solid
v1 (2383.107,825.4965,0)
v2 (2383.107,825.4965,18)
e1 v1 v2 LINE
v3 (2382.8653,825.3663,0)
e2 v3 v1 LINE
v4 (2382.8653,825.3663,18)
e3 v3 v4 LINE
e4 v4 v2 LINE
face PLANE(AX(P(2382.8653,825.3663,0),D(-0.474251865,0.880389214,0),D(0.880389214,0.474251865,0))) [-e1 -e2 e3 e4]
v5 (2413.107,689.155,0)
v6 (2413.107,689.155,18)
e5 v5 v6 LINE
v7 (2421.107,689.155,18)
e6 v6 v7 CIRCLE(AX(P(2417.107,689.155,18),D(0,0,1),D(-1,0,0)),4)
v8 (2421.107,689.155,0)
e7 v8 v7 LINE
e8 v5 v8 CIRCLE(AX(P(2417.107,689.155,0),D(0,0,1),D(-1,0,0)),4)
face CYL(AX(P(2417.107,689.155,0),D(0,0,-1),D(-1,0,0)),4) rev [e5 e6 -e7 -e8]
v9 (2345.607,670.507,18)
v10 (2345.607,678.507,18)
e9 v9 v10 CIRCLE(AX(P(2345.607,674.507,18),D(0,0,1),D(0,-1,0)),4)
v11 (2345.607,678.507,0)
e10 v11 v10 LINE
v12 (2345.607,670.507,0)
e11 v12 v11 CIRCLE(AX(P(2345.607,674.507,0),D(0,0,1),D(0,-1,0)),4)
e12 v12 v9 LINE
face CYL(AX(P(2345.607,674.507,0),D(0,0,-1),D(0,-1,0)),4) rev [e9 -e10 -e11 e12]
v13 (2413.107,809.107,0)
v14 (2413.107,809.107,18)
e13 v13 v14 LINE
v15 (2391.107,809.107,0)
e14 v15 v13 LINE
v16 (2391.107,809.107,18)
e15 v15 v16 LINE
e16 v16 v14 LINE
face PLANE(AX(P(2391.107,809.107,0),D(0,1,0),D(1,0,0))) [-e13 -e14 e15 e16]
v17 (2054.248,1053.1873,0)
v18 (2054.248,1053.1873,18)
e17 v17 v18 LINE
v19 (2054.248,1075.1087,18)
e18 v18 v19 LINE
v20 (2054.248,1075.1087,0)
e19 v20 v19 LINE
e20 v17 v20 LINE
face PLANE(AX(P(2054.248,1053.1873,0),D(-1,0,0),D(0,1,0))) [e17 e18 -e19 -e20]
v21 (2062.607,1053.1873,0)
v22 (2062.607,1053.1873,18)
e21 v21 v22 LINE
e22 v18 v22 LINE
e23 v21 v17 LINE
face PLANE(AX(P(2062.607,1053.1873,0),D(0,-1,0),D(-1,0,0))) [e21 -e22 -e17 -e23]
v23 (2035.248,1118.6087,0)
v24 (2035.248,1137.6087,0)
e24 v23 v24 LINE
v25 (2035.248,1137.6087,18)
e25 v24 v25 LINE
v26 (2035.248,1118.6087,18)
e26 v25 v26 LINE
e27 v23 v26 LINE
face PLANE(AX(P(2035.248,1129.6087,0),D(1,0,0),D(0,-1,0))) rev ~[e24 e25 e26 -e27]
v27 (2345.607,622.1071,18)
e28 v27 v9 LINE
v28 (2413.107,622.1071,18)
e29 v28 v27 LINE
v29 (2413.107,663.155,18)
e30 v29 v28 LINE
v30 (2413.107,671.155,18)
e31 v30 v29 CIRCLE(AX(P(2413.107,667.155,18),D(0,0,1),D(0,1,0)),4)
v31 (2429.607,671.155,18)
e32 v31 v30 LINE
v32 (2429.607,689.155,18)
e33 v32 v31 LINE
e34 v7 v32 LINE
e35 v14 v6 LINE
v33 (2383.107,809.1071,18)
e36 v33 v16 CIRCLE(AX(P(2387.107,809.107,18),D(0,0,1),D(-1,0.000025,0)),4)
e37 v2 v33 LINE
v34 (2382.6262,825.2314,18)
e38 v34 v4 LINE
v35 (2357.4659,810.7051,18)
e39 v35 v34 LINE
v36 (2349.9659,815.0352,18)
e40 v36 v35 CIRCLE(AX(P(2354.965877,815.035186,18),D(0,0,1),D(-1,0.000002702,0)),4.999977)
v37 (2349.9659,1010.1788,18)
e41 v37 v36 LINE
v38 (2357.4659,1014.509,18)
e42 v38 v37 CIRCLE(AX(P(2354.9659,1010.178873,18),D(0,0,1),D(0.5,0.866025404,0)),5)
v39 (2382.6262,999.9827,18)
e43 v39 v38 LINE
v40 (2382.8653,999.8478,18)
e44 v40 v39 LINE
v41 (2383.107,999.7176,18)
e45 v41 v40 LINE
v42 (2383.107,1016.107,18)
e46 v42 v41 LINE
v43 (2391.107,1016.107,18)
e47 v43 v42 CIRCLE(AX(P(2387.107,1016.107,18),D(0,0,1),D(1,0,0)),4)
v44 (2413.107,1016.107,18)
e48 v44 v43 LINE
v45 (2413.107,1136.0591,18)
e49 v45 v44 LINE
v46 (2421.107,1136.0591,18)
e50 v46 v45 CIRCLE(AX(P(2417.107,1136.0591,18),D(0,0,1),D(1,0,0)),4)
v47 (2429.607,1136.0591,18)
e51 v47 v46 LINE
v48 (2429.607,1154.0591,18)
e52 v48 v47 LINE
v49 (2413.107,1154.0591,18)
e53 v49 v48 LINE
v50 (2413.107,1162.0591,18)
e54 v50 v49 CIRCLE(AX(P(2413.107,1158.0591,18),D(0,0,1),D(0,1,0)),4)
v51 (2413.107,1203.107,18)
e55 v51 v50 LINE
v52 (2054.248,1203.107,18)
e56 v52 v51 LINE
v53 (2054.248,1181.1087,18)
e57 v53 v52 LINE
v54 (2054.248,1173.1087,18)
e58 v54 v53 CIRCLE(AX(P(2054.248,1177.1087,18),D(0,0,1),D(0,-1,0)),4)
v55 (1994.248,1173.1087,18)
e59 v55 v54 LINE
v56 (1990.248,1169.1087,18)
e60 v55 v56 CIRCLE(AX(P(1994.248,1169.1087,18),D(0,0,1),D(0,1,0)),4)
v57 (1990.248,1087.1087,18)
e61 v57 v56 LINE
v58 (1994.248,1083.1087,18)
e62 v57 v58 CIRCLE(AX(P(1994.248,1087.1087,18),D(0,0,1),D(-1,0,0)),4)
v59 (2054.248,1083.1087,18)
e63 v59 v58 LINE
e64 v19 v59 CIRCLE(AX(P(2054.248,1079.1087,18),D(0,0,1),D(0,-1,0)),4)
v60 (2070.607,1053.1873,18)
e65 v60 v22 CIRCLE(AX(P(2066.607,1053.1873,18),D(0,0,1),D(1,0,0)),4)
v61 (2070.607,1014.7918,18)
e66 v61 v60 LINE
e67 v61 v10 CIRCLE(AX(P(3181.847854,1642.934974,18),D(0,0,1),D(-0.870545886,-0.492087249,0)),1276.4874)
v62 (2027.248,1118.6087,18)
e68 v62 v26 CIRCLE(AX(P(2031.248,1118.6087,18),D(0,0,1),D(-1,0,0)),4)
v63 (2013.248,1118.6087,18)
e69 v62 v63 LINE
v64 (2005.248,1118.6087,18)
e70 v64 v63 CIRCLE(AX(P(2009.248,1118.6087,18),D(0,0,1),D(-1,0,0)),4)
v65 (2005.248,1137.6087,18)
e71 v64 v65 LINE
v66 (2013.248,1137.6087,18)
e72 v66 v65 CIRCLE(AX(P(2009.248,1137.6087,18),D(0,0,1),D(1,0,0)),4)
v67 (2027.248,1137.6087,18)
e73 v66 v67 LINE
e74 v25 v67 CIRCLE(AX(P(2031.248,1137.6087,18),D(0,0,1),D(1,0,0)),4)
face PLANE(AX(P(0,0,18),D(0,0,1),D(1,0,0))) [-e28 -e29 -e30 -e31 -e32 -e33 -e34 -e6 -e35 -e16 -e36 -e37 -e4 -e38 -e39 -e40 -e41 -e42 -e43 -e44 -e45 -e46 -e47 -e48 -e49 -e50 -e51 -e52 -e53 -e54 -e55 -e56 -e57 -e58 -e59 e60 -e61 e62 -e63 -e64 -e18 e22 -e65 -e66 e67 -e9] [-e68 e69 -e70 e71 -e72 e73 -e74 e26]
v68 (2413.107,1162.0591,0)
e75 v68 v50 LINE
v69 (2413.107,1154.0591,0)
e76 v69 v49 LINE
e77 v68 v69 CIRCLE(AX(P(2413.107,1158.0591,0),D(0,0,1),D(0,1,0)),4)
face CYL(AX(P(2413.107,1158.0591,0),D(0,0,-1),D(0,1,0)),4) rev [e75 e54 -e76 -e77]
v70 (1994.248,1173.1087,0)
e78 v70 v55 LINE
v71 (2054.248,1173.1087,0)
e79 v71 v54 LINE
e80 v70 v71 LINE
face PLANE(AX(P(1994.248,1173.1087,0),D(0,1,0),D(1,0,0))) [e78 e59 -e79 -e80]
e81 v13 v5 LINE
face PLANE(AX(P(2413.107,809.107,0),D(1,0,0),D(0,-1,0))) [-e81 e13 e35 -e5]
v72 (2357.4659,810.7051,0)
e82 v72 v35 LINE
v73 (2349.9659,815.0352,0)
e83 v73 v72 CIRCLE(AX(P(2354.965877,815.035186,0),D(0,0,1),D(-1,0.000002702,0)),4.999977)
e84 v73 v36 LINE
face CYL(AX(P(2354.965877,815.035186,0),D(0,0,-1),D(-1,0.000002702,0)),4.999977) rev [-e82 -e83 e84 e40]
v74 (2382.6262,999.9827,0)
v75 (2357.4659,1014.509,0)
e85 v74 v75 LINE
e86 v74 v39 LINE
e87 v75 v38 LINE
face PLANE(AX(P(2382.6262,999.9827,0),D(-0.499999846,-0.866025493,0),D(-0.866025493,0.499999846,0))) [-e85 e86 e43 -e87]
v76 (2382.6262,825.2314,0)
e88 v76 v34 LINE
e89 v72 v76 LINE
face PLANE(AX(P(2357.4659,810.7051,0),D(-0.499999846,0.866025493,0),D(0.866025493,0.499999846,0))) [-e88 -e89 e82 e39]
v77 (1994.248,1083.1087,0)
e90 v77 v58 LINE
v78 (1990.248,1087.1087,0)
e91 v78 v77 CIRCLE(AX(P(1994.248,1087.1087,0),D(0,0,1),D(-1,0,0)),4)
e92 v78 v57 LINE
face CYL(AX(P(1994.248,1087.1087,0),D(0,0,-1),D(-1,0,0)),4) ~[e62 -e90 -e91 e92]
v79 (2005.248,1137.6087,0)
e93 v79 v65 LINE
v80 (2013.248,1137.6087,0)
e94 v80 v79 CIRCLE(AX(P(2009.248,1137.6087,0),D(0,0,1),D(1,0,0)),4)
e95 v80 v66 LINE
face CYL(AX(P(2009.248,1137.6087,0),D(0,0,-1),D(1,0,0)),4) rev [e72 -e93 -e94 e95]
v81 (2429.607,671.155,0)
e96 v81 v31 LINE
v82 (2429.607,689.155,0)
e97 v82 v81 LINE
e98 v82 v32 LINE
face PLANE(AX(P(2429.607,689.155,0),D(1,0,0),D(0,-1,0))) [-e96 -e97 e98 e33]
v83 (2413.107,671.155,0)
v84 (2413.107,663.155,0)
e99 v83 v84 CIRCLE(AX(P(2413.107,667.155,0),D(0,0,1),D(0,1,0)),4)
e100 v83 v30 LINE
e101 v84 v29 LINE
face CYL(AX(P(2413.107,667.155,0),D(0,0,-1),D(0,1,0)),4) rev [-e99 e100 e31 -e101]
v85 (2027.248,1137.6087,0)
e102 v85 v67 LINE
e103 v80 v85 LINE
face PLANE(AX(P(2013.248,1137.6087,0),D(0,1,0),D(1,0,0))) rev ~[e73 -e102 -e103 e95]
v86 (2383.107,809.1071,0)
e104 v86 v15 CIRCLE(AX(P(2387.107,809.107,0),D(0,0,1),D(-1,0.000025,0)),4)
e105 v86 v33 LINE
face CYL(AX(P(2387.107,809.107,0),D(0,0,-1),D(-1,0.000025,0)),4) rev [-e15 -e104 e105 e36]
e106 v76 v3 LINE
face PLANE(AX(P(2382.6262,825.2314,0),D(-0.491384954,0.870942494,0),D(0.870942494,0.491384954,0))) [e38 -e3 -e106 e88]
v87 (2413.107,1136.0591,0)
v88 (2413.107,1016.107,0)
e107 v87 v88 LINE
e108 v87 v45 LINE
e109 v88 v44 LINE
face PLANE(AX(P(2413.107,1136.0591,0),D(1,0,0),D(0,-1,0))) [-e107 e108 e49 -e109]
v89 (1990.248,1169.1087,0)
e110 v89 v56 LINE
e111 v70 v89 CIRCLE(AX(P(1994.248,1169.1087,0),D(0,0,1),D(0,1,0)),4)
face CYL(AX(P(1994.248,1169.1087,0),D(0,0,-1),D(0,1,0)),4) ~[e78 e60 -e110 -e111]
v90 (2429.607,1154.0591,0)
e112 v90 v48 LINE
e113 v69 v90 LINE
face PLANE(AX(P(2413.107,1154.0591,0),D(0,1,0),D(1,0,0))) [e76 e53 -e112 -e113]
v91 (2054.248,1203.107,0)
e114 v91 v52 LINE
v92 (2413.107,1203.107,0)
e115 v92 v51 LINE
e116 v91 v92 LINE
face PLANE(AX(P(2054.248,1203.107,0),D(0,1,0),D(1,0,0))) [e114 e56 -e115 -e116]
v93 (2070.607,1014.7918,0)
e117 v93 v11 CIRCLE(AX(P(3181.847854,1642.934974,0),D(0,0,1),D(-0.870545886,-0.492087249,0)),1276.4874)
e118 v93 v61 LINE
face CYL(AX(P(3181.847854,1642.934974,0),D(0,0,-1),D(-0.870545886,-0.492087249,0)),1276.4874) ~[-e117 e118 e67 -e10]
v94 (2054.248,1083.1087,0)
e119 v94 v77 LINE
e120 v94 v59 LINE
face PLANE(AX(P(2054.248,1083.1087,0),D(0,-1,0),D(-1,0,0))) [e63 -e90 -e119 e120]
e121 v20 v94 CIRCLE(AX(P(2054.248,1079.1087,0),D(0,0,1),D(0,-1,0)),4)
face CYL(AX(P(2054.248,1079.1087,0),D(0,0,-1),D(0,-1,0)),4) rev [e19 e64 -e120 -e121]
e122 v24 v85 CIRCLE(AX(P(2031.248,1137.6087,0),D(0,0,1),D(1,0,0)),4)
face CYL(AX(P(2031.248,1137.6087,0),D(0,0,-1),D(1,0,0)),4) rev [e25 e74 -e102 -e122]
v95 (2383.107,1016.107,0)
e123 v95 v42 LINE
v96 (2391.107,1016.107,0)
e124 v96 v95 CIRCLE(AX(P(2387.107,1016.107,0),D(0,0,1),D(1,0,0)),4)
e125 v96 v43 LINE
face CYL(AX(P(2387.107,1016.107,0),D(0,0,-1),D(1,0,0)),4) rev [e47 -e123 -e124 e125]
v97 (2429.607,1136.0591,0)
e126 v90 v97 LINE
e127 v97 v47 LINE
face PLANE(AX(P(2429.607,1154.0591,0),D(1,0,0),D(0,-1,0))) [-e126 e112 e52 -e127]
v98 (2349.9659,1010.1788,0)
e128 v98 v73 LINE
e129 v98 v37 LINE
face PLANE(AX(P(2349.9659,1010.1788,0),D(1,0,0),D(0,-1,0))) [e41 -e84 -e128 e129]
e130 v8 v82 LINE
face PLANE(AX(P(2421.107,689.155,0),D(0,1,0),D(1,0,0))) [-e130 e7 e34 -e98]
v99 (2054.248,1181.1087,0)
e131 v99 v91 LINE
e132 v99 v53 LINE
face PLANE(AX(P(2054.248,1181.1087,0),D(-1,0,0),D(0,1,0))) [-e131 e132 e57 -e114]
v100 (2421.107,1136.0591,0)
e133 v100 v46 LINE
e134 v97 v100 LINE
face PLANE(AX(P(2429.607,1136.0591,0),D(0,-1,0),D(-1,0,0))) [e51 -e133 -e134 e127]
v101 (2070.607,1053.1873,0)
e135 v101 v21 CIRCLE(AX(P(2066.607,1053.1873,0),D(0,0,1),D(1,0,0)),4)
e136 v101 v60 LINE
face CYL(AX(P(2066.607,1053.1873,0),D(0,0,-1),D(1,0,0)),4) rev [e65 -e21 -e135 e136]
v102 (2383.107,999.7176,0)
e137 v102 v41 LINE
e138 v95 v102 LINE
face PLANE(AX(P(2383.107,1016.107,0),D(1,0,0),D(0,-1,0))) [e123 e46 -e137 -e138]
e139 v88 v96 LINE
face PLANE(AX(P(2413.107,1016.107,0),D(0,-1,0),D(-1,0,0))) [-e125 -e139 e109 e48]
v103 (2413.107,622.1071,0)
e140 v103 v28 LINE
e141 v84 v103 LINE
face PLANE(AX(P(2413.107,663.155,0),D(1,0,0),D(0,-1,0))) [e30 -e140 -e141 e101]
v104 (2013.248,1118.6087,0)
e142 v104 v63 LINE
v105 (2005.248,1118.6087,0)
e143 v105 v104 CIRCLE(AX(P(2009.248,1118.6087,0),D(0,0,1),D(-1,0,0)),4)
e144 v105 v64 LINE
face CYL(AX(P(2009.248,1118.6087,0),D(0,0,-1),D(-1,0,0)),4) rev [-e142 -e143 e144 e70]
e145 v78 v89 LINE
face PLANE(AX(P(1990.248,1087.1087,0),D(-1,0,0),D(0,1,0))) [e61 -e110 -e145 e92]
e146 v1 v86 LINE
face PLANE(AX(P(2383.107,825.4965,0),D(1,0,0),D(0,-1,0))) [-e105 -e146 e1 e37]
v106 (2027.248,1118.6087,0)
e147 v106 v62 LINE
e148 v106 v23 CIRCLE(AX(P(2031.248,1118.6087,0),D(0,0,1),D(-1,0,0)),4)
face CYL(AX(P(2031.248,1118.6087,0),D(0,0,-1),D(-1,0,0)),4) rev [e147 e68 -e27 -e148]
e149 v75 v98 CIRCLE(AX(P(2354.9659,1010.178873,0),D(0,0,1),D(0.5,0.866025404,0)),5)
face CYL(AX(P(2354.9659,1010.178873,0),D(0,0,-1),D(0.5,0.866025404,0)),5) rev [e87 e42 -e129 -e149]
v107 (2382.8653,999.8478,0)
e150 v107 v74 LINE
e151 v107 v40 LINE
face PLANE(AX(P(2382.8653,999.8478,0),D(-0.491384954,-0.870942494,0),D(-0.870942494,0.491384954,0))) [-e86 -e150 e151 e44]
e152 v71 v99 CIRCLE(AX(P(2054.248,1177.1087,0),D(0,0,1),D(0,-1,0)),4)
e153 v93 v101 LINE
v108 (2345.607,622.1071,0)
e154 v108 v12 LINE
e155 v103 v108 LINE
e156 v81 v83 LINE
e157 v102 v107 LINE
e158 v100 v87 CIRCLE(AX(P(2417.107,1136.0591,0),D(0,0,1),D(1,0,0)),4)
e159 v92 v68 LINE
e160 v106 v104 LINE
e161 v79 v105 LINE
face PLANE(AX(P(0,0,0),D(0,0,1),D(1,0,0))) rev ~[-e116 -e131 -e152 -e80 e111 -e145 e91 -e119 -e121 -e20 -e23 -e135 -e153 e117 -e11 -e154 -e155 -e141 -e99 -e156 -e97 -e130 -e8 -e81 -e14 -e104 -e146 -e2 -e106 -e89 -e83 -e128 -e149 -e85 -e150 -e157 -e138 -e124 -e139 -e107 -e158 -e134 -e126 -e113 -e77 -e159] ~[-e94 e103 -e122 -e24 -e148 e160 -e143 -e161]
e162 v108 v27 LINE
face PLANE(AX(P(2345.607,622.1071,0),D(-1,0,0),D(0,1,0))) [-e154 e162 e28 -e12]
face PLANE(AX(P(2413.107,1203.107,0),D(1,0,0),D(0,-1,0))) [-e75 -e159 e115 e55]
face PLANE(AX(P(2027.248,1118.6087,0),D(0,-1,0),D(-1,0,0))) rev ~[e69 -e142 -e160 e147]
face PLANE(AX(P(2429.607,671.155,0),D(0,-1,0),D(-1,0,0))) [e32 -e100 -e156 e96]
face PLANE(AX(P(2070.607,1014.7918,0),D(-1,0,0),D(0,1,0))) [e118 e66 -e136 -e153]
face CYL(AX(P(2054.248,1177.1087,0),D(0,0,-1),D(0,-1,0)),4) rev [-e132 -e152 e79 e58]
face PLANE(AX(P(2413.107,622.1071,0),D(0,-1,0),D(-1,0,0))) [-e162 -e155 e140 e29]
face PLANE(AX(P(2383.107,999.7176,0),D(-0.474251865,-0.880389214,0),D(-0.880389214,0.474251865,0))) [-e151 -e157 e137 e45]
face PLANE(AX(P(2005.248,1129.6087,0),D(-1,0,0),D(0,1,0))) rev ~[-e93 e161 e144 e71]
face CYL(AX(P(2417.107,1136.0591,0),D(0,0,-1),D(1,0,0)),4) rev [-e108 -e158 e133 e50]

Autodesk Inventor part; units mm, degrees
ref_plane "YZ Plane" through (0, 0, 0) normal (1, 0, 0) x (0, 1, 0)
ref_plane "XZ Plane" through (0, 0, 0) normal (0, 1, 0) x (-1, 0, 0)
ref_plane "XY Plane" through (0, 0, 0) normal (0, 0, 1) x (1, 0, 0)
sketch "CONTOURS" plane through (0, 0, 0) normal (0, 0, 1) x (1, 0, 0)
  arc A0 (2413.107, 689.155) -> (2421.107, 689.155) centre (2417.107, 689.155) ccw
  line L0 (2421.107, 689.155) -> (2429.607, 689.155)
  line L1 (2429.607, 689.155) -> (2429.607, 671.155)
  line L2 (2429.607, 671.155) -> (2413.107, 671.155)
  arc A1 (2413.107, 671.155) -> (2413.107, 663.155) centre (2413.107, 667.155) ccw
  line L3 (2413.107, 663.155) -> (2413.107, 622.1071)
  line L4 (2413.107, 622.1071) -> (2345.607, 622.1071)
  line L5 (2345.607, 622.1071) -> (2345.607, 670.507)
  arc A2 (2345.607, 670.507) -> (2345.607, 678.507) centre (2345.607, 674.507) ccw
  arc A3 (2070.607, 1014.7918) -> (2345.607, 678.507) centre (3181.8457, 1642.9335) ccw
  line L6 (2070.607, 1014.7918) -> (2070.607, 1053.1873)
  arc A4 (2070.607, 1053.1873) -> (2062.607, 1053.1873) centre (2066.607, 1053.1873) ccw
  line L7 (2062.607, 1053.1873) -> (2055.607, 1053.1873)
  line L8 (2055.607, 1053.1873) -> (2054.248, 1053.1873)
  line L9 (2054.248, 1053.1873) -> (2054.248, 1075.1087)
  arc A5 (2054.248, 1075.1087) -> (2054.248, 1083.1087) centre (2054.248, 1079.1087) ccw
  line L10 (2054.248, 1083.1087) -> (1994.248, 1083.1087)
  arc A6 (1990.248, 1087.1087) -> (1994.248, 1083.1087) centre (1994.248, 1087.1087) ccw
  line L11 (1990.248, 1087.1087) -> (1990.248, 1169.1087)
  arc A7 (1994.248, 1173.1087) -> (1990.248, 1169.1087) centre (1994.248, 1169.1087) ccw
  line L12 (1994.248, 1173.1087) -> (2054.248, 1173.1087)
  arc A8 (2054.248, 1173.1087) -> (2054.248, 1181.1087) centre (2054.248, 1177.1087) ccw
  line L13 (2054.248, 1181.1087) -> (2054.248, 1203.107)
  line L14 (2054.248, 1203.107) -> (2413.107, 1203.107)
  line L15 (2413.107, 1203.107) -> (2413.107, 1162.0591)
  arc A9 (2413.107, 1162.0591) -> (2413.107, 1154.0591) centre (2413.107, 1158.0591) ccw
  line L16 (2413.107, 1154.0591) -> (2429.607, 1154.0591)
  line L17 (2429.607, 1154.0591) -> (2429.607, 1136.0591)
  line L18 (2429.607, 1136.0591) -> (2421.107, 1136.0591)
  arc A10 (2421.107, 1136.0591) -> (2413.107, 1136.0591) centre (2417.107, 1136.0591) ccw
  line L19 (2413.107, 1136.0591) -> (2413.107, 1016.107)
  line L20 (2413.107, 1016.107) -> (2391.107, 1016.107)
  arc A11 (2391.107, 1016.107) -> (2383.107, 1016.107) centre (2387.107, 1016.107) ccw
  line L21 (2383.107, 1016.107) -> (2383.107, 999.7176)
  line L22 (2383.107, 999.7176) -> (2382.8653, 999.8478)
  line L23 (2382.8653, 999.8478) -> (2382.6262, 999.9827)
  line L24 (2382.6262, 999.9827) -> (2357.4659, 1014.509)
  arc A12 (2357.4659, 1014.509) -> (2349.9659, 1010.1788) centre (2354.9659, 1010.1788) ccw
  line L25 (2349.9659, 1010.1788) -> (2349.9659, 815.0352)
  arc A13 (2349.9659, 815.0352) -> (2357.4659, 810.7051) centre (2354.9659, 815.0352) ccw
  line L26 (2357.4659, 810.7051) -> (2382.6262, 825.2314)
  line L27 (2382.6262, 825.2314) -> (2382.8653, 825.3663)
  line L28 (2382.8653, 825.3663) -> (2383.107, 825.4965)
  line L29 (2383.107, 825.4965) -> (2383.107, 809.1071)
  arc A14 (2383.107, 809.1071) -> (2391.107, 809.107) centre (2387.107, 809.107) ccw
  line L30 (2391.107, 809.107) -> (2413.107, 809.107)
  line L31 (2413.107, 809.107) -> (2413.107, 689.155)
sketch "HOLES" plane through (0, 0, 0) normal (0, 0, 1) x (1, 0, 0)
  arc A0 (2013.248, 1137.6087) -> (2005.248, 1137.6087) centre (2009.248, 1137.6087) ccw
  line L0 (2013.248, 1137.6087) -> (2027.248, 1137.6087)
  arc A1 (2035.248, 1137.6087) -> (2027.248, 1137.6087) centre (2031.248, 1137.6087) ccw
  line L1 (2035.248, 1137.6087) -> (2035.248, 1129.6087)
  line L2 (2035.248, 1129.6087) -> (2035.248, 1118.6087)
  arc A2 (2027.248, 1118.6087) -> (2035.248, 1118.6087) centre (2031.248, 1118.6087) ccw
  line L3 (2027.248, 1118.6087) -> (2013.248, 1118.6087)
  arc A3 (2005.248, 1118.6087) -> (2013.248, 1118.6087) centre (2009.248, 1118.6087) ccw
  line L4 (2005.248, 1118.6087) -> (2005.248, 1129.6087)
  line L5 (2005.248, 1129.6087) -> (2005.248, 1137.6087)
sketch "LETTERS" plane through (0, 0, 0) normal (0, 0, 1) x (1, 0, 0)
  line L0 (2183.3626, 1024.3858) -> (2183.3626, 1009.6983)
  line L1 (2183.3626, 1009.6983) -> (2203.1704, 1009.6983)
  line L2 (2193.0627, 1009.6687) -> (2193.0627, 1020.336)
extrude "Extrusion3" add sketch "CONTOURS" along normal blind 18
extrude "Extrusion4" cut sketch "HOLES" along normal blind 18
properties part number "Support F" material "Wood (Birch)"
